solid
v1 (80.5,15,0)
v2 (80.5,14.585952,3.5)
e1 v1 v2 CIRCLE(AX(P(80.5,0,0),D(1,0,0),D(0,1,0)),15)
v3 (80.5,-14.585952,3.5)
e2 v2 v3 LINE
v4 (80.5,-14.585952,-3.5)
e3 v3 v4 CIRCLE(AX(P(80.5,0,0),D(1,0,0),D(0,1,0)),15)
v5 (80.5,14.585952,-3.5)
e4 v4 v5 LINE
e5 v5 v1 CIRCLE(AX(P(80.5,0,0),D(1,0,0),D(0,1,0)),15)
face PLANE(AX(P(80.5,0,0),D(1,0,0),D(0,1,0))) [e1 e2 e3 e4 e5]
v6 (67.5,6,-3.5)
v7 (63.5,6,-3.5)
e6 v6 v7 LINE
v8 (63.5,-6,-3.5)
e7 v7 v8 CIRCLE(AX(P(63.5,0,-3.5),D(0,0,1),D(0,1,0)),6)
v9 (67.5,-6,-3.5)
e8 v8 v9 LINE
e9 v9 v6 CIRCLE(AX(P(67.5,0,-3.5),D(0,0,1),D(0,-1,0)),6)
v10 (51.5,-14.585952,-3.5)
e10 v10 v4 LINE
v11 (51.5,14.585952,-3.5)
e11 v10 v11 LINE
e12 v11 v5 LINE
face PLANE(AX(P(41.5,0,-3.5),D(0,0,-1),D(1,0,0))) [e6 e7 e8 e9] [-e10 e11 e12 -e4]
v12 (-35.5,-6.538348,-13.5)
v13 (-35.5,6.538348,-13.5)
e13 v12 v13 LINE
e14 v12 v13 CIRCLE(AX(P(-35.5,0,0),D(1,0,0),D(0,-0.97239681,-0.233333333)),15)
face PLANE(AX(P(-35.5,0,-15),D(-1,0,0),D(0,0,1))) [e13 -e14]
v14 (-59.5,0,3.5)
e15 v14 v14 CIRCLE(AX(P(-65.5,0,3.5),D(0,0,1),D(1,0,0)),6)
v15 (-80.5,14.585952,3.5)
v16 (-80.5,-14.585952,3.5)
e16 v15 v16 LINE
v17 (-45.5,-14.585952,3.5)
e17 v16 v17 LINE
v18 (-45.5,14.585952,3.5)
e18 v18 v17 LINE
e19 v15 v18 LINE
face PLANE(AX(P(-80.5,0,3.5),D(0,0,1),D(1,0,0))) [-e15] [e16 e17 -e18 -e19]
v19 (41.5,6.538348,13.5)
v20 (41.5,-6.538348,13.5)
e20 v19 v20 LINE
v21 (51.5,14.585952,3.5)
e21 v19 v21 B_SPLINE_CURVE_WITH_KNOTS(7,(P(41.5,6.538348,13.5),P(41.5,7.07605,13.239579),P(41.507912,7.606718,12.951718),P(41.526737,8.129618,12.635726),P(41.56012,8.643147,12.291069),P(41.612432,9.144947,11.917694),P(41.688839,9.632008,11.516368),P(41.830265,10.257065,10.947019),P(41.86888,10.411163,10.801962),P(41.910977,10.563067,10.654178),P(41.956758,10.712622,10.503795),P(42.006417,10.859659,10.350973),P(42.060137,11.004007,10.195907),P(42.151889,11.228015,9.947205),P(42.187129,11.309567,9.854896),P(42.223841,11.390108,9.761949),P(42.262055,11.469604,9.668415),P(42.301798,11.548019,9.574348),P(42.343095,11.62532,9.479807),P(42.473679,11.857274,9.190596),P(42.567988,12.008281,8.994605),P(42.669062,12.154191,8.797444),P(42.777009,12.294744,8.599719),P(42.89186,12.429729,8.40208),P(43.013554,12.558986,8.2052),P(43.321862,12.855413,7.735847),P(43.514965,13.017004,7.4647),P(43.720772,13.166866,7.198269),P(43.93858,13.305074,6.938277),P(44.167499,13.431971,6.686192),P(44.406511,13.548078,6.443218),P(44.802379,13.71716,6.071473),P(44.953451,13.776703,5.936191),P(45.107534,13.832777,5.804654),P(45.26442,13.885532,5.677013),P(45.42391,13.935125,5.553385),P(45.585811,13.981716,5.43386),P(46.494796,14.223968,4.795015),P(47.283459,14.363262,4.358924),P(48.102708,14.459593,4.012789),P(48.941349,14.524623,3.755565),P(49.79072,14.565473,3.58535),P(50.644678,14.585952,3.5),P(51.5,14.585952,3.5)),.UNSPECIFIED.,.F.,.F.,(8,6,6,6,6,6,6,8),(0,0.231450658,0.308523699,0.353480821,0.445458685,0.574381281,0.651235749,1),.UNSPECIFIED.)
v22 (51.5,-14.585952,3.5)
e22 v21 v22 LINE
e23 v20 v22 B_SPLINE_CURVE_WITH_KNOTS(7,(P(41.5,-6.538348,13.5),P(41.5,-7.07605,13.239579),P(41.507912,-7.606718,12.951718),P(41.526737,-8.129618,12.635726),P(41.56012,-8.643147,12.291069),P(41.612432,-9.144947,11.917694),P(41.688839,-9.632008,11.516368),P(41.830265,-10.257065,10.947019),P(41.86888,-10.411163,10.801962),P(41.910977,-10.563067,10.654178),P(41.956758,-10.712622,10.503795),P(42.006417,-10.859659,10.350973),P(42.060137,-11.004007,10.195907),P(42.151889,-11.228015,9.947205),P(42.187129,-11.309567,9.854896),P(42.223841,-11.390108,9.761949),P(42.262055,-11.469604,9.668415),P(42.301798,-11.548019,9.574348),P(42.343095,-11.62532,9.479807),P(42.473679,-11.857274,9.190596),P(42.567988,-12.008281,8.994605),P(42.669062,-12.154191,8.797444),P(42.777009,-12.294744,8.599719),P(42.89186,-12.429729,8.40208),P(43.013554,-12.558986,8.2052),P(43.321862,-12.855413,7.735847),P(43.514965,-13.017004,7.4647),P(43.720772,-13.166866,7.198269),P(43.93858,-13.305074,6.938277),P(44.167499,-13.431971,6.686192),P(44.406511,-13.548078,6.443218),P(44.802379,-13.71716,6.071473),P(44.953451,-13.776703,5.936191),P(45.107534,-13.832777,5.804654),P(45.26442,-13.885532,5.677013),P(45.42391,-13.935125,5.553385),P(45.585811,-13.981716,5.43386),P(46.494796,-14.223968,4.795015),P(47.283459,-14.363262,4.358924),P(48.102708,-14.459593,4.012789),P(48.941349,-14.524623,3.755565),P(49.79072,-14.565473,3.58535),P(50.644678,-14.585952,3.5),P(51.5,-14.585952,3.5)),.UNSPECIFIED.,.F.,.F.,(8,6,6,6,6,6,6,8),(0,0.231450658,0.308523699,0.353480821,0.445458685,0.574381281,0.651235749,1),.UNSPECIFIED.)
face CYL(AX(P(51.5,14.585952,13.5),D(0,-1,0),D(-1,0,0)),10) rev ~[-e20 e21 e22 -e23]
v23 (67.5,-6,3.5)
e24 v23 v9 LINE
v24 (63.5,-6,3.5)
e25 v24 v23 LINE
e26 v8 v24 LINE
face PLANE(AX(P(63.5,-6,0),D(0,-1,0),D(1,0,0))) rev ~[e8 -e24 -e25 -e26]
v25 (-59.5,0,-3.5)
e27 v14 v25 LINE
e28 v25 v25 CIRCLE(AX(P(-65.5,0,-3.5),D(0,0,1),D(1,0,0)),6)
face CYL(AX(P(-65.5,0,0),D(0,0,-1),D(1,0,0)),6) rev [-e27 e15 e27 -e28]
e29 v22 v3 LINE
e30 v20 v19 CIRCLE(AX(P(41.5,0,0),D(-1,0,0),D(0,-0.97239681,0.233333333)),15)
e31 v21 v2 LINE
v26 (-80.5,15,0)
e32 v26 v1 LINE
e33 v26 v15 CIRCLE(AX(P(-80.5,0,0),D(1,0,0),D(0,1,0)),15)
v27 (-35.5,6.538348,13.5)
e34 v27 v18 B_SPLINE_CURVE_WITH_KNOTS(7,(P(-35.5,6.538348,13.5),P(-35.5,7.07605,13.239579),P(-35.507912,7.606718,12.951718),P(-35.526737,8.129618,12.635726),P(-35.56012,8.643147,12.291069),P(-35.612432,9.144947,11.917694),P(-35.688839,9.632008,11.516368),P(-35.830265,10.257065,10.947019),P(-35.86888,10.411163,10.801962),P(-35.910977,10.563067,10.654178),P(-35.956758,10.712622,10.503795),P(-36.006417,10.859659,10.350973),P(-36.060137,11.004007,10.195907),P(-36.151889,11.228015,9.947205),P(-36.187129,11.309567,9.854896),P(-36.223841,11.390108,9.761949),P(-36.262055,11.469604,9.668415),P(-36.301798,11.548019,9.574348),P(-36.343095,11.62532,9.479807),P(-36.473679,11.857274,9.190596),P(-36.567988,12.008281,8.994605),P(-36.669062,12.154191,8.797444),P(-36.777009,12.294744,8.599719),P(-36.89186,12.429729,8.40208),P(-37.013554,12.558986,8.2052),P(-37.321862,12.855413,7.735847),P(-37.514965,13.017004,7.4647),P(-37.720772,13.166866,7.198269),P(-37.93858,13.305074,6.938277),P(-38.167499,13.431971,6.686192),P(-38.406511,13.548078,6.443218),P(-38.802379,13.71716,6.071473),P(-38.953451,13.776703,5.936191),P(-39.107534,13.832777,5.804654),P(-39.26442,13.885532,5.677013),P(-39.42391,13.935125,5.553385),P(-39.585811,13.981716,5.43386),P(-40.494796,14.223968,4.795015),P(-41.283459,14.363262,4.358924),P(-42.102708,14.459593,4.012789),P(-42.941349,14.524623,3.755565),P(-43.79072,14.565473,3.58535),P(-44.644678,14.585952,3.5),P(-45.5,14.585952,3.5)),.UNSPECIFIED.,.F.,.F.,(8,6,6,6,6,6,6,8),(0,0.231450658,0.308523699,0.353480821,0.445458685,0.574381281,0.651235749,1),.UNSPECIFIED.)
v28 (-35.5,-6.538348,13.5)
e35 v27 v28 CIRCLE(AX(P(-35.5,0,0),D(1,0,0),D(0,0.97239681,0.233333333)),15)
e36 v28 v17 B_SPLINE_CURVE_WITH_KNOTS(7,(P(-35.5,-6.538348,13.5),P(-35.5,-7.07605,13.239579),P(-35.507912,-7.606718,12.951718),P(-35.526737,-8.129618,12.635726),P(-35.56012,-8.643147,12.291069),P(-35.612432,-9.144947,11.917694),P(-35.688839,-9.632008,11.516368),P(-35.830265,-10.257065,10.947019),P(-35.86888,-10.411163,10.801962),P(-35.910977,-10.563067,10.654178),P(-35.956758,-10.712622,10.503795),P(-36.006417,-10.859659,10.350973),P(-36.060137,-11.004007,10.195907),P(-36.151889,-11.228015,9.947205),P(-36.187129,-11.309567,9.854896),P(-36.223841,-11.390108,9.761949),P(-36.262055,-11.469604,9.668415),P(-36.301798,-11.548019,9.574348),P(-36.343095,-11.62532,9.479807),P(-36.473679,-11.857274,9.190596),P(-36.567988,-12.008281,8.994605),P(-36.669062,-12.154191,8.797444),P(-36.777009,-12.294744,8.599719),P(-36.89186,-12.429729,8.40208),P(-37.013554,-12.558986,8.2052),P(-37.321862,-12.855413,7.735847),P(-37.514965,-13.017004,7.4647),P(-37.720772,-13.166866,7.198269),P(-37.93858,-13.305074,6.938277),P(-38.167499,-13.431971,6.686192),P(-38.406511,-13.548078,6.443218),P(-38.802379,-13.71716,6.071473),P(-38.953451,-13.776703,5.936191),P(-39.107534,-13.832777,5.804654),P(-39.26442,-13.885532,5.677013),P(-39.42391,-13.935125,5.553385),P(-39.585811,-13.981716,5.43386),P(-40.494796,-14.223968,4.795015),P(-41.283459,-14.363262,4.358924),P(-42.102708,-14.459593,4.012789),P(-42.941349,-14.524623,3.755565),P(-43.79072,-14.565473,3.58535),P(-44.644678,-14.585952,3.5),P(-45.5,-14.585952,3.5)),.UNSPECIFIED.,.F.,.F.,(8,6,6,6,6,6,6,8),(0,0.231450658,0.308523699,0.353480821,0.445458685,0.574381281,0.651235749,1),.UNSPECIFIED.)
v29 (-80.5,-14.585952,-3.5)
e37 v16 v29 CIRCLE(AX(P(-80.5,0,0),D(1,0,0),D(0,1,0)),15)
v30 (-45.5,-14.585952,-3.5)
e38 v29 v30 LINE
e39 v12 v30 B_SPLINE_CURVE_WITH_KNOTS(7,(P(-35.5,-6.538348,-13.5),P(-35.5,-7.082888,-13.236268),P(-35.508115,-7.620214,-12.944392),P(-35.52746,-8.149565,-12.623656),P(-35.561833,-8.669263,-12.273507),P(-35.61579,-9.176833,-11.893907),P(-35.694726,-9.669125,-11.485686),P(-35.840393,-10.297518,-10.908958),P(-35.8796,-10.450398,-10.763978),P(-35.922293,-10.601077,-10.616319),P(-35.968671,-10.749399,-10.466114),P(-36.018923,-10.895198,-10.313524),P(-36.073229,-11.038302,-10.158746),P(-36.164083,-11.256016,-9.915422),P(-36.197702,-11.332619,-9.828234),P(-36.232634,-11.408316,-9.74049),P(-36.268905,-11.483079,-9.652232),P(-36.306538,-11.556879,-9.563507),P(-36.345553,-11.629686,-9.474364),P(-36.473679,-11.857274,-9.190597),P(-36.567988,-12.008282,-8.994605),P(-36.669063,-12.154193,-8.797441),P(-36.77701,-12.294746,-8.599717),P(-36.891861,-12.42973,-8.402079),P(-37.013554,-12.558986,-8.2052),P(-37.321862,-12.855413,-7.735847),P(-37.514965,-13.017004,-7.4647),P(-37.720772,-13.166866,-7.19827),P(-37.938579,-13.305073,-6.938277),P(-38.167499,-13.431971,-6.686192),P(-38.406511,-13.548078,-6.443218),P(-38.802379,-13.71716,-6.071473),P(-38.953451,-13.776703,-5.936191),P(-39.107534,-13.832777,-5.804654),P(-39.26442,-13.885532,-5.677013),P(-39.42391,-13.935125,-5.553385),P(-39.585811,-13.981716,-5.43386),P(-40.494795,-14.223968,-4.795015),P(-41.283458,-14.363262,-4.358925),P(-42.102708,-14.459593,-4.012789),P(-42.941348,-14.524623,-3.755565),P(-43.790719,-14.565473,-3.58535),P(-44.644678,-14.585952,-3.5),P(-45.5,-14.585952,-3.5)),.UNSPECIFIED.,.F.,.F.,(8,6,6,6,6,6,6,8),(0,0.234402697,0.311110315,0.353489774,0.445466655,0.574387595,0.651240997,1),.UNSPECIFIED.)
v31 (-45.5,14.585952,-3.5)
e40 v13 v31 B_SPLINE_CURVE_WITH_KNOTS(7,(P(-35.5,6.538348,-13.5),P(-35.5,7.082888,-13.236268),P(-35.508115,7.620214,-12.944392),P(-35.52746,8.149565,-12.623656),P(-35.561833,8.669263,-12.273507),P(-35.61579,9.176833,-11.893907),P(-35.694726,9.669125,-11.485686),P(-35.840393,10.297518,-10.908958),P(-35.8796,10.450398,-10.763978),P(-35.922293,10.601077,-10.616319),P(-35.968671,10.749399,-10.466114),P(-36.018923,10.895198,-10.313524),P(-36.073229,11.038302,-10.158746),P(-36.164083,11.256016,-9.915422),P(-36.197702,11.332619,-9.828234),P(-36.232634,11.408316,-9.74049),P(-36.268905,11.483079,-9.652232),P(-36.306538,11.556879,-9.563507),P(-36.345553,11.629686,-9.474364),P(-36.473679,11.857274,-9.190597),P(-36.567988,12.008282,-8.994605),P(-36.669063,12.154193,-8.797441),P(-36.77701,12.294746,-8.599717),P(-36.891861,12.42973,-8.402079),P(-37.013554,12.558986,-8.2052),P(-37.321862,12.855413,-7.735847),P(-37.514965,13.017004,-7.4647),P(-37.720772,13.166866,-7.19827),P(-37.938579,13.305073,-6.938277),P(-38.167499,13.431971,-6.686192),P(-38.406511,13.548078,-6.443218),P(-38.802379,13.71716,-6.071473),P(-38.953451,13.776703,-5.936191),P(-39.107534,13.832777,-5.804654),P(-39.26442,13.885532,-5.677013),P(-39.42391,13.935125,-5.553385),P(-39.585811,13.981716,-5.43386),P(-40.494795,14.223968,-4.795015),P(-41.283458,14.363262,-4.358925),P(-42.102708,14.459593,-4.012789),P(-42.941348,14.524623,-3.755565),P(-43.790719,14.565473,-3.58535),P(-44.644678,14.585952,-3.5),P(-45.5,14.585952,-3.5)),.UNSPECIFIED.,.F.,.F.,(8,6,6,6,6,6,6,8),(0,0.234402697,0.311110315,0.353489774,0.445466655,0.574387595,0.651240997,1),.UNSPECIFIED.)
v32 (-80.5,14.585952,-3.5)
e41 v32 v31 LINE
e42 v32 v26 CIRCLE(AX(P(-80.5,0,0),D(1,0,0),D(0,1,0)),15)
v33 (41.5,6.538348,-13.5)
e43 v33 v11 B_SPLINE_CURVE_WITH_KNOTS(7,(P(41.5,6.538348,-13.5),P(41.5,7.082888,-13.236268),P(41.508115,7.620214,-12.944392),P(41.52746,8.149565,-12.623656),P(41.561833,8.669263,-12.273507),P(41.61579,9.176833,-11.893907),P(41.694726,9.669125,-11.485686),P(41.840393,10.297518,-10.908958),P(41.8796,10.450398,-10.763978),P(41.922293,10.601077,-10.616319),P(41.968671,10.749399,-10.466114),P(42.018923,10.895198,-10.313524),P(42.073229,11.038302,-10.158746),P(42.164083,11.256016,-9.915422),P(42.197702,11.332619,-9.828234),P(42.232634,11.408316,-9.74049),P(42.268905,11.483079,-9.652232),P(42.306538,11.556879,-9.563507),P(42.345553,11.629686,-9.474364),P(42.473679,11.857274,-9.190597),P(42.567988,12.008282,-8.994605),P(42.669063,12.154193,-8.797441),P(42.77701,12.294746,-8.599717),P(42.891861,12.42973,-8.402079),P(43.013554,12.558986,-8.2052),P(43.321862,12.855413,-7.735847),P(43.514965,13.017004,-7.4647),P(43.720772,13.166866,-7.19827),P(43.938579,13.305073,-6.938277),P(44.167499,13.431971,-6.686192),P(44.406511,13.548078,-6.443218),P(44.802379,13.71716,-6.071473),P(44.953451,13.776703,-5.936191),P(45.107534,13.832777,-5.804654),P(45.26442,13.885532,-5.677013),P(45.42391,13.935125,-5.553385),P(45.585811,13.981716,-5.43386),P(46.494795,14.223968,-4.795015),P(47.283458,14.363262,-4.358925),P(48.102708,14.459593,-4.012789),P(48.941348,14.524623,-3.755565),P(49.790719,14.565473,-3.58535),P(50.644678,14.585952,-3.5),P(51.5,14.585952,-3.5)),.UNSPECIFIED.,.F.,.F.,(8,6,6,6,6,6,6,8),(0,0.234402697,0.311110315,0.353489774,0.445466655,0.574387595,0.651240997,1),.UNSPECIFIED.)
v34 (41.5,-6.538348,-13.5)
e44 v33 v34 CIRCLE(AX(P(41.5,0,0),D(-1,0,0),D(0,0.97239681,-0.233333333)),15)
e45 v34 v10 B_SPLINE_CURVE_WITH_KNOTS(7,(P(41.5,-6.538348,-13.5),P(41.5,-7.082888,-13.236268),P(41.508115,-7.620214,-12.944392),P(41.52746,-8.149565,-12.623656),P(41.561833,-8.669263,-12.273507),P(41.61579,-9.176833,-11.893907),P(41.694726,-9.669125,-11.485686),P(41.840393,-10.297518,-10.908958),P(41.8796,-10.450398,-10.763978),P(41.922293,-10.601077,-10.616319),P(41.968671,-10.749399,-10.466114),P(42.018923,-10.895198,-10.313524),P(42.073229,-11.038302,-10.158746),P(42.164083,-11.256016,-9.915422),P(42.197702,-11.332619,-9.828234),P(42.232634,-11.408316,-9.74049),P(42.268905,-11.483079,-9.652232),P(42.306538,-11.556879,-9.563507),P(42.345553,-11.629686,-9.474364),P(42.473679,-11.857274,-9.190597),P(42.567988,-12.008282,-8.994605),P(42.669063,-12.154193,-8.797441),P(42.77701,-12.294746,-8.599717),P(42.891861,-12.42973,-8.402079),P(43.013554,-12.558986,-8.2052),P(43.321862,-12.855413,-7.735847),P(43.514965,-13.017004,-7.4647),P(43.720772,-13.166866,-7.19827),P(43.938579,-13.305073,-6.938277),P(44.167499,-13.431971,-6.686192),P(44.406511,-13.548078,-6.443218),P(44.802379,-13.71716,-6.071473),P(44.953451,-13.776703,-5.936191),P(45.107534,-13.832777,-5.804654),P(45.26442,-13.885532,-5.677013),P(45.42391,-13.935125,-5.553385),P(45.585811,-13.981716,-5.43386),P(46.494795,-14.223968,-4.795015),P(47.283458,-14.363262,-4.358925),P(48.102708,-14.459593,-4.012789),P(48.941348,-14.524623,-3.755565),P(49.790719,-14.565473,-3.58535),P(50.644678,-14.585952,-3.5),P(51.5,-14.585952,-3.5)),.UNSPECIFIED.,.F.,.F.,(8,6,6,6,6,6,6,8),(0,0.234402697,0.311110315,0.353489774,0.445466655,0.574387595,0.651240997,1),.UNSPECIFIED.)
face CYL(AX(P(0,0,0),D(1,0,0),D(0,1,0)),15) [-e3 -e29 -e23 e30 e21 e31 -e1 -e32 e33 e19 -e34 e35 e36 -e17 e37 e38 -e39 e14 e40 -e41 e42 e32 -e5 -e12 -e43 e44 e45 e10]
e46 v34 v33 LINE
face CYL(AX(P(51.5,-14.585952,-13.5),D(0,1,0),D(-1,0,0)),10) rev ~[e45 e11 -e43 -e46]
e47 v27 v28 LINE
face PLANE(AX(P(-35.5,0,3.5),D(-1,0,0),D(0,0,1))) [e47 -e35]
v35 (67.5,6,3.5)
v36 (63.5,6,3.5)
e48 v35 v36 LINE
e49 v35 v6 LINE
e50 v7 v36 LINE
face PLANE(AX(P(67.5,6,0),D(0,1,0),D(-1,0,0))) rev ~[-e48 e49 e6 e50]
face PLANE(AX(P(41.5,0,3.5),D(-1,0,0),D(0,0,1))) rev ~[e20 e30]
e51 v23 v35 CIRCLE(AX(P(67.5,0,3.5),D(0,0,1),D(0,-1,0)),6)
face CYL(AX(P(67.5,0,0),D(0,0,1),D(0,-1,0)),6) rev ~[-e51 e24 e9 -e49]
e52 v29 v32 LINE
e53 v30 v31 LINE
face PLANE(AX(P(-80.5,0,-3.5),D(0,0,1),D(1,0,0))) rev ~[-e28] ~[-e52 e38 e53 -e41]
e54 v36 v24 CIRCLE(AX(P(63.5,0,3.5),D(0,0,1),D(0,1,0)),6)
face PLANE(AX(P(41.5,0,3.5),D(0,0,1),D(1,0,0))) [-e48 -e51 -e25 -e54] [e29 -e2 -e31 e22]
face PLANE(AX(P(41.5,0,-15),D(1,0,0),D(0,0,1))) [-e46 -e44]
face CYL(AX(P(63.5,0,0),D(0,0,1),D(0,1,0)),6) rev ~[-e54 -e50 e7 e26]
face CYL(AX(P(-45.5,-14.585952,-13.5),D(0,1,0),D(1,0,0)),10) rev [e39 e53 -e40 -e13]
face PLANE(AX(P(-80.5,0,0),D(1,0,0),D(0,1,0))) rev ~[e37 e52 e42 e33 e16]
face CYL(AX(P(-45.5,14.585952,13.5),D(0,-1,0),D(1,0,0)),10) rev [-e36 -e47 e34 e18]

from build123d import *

# Parameters (mm, degrees)
F0_R     = 15
F1_DEPTH = 80.5
F2_W     = 45
F2_H     = 11.5
F2_W_2   = 39
F3_DEPTH = 15
F4_R     = 10
F5_R     = 6
F6_DEPTH = 3.5


with BuildPart() as f1:
    # F0 (on Right) → F1 (new body, symmetric)
    with BuildSketch(Plane.YZ):
        Circle(F0_R)
    extrude(amount=F1_DEPTH, both=True)

    # F2 (on Front) → F3 (cut, symmetric)
    with BuildSketch(Plane.XZ):
        with Locations((-58, 9.25)):
            Rectangle(F2_W, F2_H)
        with Locations((-58, -9.25)):
            Rectangle(F2_W, F2_H)
        with Locations((61, 9.25)):
            Rectangle(F2_W_2, F2_H)
        with Locations((61, -9.25)):
            Rectangle(F2_W_2, F2_H)
    extrude(amount=F3_DEPTH, both=True, mode=Mode.SUBTRACT)

    # F4
    f4_edges = [f1.edges().sort_by_distance(p)[0] for p in [
        (41.5, 0, 3.5),
        (-35.5, 0, 3.5),
        (41.5, 0, -3.5),
        (-35.5, 0, -3.5),
    ]]
    fillet(f4_edges, radius=F4_R)

    # F5 (on Top) → F6 (cut, symmetric)
    with BuildSketch(Plane.XY):
        with Locations((-65.5, 0)):
            Circle(F5_R)
        with BuildLine():
            Line((67.5, 6), (63.5, 6))
            ThreePointArc((63.5, 6), (57.5, 0), (63.5, -6))
            Line((63.5, -6), (67.5, -6))
            ThreePointArc((67.5, -6), (73.5, 0), (67.5, 6))
        make_face()
    extrude(amount=F6_DEPTH, both=True, mode=Mode.SUBTRACT)


solid = f1.part
